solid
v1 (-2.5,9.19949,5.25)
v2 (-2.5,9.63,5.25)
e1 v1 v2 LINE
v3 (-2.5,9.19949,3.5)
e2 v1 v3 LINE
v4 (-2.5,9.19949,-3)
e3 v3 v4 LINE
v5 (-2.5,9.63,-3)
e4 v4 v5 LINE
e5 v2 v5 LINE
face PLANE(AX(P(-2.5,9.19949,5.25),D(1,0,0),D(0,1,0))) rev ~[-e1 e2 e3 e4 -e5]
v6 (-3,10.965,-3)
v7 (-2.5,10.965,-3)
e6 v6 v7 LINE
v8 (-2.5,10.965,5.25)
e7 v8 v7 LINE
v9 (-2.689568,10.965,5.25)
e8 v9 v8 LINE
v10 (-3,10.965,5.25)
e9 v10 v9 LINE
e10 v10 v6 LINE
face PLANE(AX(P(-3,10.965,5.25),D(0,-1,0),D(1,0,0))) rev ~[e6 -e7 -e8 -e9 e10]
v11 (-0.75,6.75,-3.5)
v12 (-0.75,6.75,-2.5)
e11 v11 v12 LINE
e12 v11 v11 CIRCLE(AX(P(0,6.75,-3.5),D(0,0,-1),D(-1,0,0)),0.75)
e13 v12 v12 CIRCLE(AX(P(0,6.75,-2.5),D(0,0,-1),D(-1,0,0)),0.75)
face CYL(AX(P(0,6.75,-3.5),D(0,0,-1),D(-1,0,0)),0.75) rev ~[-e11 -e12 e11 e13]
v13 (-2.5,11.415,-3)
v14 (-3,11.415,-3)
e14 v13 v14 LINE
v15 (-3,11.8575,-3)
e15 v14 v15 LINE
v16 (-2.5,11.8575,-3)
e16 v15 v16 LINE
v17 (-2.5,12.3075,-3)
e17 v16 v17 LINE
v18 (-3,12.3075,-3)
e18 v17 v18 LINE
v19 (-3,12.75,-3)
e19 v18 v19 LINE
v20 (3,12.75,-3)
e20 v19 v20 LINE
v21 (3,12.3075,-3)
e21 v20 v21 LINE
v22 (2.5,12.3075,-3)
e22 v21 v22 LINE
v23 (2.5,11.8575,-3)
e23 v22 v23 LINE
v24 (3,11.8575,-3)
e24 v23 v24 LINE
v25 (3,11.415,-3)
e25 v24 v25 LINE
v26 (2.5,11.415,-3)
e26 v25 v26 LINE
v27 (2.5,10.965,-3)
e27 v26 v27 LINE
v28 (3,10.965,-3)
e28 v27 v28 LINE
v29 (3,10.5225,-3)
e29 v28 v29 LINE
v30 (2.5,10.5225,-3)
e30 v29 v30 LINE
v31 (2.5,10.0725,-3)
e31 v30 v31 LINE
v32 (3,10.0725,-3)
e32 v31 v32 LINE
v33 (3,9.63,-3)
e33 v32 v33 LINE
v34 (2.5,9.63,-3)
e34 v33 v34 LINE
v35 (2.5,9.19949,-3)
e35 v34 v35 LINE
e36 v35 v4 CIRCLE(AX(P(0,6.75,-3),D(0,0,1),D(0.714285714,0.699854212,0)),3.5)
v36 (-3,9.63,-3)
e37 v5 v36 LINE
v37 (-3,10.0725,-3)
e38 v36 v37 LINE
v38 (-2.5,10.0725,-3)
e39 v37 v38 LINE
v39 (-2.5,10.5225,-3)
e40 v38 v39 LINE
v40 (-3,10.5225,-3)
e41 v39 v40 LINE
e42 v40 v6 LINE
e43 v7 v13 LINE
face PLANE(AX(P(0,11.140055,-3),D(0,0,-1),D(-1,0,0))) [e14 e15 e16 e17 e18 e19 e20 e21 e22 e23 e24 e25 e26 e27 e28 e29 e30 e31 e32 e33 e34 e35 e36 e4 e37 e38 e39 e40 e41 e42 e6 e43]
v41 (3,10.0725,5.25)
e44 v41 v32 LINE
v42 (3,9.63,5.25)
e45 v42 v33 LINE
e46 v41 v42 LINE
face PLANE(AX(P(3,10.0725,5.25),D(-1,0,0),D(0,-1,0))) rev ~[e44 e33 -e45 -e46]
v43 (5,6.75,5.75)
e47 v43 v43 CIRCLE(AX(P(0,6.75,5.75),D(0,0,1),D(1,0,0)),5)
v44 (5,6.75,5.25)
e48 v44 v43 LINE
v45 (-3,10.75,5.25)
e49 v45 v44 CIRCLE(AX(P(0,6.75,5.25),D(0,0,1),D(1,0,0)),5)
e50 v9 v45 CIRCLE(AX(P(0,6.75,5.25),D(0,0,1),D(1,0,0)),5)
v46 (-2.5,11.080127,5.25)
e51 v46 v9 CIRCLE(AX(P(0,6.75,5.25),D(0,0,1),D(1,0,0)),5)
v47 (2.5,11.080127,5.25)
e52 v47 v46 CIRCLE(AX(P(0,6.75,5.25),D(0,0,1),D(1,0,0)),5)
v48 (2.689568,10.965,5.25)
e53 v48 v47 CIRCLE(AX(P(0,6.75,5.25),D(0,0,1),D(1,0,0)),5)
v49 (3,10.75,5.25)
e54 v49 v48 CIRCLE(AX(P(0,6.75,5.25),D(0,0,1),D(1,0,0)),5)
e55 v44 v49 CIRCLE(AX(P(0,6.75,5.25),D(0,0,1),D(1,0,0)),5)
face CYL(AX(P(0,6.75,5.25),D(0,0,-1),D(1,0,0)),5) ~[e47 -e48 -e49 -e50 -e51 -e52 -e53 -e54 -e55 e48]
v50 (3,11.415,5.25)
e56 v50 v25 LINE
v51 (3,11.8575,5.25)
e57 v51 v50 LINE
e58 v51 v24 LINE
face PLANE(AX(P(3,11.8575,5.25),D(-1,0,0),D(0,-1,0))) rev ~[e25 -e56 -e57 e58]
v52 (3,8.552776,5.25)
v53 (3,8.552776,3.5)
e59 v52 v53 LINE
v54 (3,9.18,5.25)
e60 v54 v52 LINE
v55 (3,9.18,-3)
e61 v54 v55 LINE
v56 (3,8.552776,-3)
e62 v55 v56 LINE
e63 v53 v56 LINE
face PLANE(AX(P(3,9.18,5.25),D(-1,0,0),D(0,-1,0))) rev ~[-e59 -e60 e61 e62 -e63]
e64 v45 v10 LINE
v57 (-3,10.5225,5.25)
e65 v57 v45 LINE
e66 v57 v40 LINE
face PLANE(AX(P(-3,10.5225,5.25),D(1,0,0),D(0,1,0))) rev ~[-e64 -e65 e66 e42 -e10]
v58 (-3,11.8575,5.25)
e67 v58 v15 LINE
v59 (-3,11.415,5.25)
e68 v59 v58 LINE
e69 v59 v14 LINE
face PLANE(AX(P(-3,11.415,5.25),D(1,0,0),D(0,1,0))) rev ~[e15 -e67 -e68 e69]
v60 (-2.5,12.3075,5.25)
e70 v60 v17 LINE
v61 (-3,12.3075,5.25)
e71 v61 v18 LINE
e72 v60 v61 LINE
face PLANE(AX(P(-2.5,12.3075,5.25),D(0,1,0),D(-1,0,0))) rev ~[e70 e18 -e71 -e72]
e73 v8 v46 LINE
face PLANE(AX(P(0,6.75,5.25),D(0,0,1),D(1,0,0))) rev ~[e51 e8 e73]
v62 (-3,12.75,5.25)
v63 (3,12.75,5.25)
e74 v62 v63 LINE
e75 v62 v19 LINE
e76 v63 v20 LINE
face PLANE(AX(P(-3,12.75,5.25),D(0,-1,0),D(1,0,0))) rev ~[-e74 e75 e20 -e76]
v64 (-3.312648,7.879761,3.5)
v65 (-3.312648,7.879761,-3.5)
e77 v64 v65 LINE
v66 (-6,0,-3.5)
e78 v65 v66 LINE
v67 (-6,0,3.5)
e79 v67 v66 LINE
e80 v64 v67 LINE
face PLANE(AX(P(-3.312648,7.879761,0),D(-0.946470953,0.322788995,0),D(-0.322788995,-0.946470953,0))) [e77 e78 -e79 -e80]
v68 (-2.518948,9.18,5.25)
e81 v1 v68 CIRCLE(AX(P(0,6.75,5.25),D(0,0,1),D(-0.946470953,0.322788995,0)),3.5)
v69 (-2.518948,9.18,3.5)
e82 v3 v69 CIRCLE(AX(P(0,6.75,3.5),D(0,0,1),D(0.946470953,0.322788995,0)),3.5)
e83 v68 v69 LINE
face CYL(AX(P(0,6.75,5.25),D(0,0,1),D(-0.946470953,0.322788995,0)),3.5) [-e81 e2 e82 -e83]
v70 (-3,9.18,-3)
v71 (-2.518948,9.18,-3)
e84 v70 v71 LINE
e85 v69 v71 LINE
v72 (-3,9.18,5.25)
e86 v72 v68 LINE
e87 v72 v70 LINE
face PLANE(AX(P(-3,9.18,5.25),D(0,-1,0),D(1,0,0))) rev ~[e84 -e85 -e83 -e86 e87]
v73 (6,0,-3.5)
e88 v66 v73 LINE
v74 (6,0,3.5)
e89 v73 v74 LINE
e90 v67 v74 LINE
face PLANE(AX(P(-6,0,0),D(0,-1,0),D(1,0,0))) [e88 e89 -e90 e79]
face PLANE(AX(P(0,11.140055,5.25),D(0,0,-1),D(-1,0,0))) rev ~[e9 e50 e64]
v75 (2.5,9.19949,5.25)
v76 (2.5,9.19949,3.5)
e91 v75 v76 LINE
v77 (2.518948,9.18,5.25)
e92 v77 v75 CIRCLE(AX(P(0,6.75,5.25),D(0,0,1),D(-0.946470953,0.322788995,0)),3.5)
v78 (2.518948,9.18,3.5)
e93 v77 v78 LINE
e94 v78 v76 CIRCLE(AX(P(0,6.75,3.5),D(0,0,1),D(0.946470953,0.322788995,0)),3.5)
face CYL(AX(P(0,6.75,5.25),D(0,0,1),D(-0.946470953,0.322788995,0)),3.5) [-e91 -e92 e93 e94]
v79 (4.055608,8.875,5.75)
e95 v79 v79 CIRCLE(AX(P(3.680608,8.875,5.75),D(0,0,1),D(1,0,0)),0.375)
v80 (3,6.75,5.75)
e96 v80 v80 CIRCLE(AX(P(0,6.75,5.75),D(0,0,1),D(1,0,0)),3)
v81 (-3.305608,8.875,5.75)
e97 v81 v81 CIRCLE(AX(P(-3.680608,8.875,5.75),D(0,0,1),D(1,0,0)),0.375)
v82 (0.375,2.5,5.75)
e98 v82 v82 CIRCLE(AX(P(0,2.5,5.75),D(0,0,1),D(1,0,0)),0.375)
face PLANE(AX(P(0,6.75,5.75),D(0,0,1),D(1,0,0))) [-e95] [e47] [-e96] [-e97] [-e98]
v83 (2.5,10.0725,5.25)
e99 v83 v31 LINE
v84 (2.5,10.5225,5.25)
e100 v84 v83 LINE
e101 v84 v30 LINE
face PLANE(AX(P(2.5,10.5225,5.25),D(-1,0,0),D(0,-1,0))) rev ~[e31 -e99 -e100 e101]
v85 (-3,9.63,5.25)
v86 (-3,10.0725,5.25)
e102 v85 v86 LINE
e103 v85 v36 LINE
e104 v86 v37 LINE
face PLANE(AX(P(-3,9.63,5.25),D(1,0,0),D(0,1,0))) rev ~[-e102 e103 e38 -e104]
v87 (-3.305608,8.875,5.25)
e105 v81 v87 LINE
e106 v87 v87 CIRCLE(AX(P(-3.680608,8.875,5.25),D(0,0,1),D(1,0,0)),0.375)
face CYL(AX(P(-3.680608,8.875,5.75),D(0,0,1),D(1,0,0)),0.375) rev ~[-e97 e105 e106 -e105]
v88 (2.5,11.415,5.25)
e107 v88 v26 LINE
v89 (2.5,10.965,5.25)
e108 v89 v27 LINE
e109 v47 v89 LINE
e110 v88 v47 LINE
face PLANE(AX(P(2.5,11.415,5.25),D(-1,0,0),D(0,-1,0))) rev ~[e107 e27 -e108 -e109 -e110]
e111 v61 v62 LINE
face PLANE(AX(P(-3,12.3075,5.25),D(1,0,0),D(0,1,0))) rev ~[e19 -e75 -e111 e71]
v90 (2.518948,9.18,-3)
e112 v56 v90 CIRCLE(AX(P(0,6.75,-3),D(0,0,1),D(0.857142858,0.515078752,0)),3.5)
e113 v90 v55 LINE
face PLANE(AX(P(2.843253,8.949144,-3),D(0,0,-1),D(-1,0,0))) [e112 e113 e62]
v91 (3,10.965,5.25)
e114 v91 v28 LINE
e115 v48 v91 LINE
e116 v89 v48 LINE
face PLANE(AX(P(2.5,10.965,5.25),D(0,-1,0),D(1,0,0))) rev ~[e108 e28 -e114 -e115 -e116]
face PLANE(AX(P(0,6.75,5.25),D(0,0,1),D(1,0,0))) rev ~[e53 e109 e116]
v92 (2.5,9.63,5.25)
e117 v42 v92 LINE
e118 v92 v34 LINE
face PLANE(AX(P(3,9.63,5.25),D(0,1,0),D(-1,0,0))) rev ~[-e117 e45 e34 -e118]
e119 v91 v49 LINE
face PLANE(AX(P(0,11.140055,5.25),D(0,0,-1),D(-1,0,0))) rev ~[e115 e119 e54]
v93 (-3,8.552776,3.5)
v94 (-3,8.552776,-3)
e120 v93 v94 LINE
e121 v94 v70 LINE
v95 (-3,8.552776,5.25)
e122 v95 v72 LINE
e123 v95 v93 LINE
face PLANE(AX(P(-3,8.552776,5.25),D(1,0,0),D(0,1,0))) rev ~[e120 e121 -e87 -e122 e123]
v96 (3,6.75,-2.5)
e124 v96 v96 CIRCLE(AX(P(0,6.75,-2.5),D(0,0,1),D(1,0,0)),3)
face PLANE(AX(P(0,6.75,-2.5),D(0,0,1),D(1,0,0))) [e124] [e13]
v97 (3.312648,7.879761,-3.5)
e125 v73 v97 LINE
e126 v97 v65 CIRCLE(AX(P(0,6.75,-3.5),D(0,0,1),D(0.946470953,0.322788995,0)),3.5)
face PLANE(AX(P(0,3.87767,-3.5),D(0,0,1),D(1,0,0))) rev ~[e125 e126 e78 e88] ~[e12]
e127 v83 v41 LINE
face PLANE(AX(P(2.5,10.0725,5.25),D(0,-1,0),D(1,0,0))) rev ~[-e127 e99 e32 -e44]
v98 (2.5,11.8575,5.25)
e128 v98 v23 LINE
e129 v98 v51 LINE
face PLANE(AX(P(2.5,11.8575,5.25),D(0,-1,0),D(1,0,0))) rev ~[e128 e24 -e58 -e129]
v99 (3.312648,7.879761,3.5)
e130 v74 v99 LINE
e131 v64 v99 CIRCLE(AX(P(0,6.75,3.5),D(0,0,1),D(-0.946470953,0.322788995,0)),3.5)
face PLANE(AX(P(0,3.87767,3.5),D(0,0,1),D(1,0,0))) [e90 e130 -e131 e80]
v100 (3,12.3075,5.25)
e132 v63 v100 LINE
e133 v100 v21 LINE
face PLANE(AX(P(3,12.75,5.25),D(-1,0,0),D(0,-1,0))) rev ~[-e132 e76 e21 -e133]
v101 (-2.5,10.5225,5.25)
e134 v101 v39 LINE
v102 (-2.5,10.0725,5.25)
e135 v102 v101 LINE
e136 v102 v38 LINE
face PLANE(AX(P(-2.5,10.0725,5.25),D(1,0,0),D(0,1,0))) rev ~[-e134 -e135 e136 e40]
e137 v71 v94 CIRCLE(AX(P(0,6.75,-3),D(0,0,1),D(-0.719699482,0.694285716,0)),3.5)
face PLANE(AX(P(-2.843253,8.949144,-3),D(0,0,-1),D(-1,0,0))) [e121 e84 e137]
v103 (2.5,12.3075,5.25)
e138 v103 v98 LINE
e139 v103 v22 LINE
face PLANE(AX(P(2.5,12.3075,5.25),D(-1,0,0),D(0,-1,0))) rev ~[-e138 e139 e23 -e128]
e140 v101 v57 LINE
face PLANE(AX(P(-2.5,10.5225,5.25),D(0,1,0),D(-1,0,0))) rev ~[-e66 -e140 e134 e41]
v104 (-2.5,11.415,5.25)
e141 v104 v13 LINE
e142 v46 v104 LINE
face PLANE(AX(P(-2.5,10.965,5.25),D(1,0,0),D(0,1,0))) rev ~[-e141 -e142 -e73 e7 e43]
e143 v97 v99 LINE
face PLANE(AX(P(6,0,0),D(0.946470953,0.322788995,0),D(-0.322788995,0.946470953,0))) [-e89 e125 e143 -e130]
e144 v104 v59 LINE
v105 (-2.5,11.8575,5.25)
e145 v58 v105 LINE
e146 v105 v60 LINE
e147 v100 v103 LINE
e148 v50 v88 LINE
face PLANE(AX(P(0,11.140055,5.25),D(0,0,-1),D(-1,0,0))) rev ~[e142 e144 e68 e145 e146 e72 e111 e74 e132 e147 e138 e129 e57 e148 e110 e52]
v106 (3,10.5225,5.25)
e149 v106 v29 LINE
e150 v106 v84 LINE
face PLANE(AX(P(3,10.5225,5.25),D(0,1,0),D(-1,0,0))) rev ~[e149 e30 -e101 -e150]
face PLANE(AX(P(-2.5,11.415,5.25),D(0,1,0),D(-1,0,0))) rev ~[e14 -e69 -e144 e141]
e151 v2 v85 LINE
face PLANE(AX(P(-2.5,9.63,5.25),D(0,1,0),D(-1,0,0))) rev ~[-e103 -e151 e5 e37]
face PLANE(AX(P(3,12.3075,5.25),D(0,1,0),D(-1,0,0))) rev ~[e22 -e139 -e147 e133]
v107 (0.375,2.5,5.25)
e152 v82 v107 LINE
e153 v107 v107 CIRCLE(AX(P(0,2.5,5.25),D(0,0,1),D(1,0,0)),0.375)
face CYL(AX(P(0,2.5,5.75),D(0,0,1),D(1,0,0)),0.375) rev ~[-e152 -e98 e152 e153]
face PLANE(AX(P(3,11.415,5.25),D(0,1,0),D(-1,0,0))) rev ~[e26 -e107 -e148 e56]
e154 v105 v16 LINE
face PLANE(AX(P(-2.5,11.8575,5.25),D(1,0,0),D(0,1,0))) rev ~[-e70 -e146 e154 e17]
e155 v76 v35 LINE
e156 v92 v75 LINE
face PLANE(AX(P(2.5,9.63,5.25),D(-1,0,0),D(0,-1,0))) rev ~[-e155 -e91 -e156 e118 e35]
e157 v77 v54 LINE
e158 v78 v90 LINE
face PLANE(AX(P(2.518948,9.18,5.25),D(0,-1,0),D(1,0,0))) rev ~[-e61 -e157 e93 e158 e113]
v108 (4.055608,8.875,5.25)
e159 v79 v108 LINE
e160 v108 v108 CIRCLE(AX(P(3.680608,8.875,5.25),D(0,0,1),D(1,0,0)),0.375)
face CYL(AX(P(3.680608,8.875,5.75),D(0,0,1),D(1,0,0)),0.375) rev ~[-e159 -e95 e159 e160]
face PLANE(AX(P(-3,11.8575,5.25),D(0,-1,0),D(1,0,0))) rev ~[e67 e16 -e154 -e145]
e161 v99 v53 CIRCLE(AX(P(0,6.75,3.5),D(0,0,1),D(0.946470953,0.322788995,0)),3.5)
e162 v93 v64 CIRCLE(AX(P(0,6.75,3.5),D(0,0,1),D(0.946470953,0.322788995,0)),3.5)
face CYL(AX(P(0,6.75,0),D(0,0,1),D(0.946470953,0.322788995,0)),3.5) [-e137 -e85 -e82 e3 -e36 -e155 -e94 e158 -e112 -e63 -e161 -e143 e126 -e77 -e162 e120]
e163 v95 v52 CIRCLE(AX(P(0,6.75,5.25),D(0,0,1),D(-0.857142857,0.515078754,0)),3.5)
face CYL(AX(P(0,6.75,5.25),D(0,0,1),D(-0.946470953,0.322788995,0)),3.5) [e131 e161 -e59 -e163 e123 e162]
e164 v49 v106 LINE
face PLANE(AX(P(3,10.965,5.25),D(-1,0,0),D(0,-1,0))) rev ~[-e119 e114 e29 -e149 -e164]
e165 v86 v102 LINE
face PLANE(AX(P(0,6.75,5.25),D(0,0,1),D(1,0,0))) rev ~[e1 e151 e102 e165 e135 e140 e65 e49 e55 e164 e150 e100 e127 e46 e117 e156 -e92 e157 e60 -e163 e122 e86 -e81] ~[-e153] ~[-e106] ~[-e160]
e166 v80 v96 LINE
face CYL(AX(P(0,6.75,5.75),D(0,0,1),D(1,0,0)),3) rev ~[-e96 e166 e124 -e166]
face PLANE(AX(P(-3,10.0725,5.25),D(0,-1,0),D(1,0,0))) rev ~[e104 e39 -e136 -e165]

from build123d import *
from build123d.topology import SkipClean

# Parameters (mm, degrees)
BOSS_EXTRUDE1_DEPTH = 3.5
BOSS_EXTRUDE2_START = 1.75
SKETCH3_R           = 3.5
BOSS_EXTRUDE2_DEPTH = 1.75
BOSS_EXTRUDE3_START = 1.75
SKETCH3_3_R         = 5
BOSS_EXTRUDE3_DEPTH = 0.5
SKETCH4_R           = 3
CUT_EXTRUDE2_DEPTH  = 8.25
SKETCH5_R           = 0.75
CUT_EXTRUDE3_DEPTH  = 8.25
BOSS_EXTRUDE4_DEPTH = 8.25
CUT_EXTRUDE4_REACH  = 18.856
SKETCH7_R           = 0.375


with BuildPart() as part:
    # Sketch1 → Boss-Extrude1 (new, symmetric)
    with BuildSketch(Plane.XY):
        with BuildLine():
            Line((-6, 0), (6, 0))
            Line((6, 0), (3.312648335, 7.879761483))
            ThreePointArc((3.312648335, 7.879761483), (0, 10.25), (-3.312648335, 7.879761483))
            Line((-3.312648335, 7.879761483), (-6, 0))
        make_face()
    extrude(amount=BOSS_EXTRUDE1_DEPTH, both=True)

    # Sketch3 → Boss-Extrude2 (add)
    with SkipClean():  # the faces are left unmerged after this step: merging them gives an invalid solid
        with BuildSketch(Plane.XY.offset(3.5).offset(BOSS_EXTRUDE2_START)):
            with Locations(Location((0, 6.75, 0), (0, 0, 161.168324383))):
                Circle(SKETCH3_R)
        extrude(amount=-BOSS_EXTRUDE2_DEPTH)

    # Sketch3<3> → Boss-Extrude3 (add)
    with BuildSketch(Plane.XY.offset(3.5).offset(BOSS_EXTRUDE3_START)):
        with Locations((0, 6.75)):
            Circle(SKETCH3_3_R)
    extrude(amount=BOSS_EXTRUDE3_DEPTH)

    # Sketch4 → Cut-Extrude2 (cut)
    with SkipClean():  # the faces are left unmerged after this step: merging them gives an invalid solid
        with BuildSketch(Plane.XY.offset(5.75)):
            with Locations((0, 6.75)):
                Circle(SKETCH4_R)
        extrude(amount=-CUT_EXTRUDE2_DEPTH, mode=Mode.SUBTRACT)

    # Sketch5 → Cut-Extrude3 (cut)
    with SkipClean():  # the faces are left unmerged after this step: merging them gives an invalid solid
        with BuildSketch(Plane(origin=(0, 0, -3.5), x_dir=(-1, 0, 0), z_dir=(0, 0, -1))):
            with Locations((0, 6.75)):
                Circle(SKETCH5_R)
        extrude(amount=-CUT_EXTRUDE3_DEPTH, mode=Mode.SUBTRACT)

    # Sketch6 → Boss-Extrude4 (add)
    with SkipClean():  # the faces are left unmerged after this step: merging them gives an invalid solid
        with BuildSketch(Plane(origin=(0, 0, 5.25), x_dir=(-1, 0, 0), z_dir=(0, 0, -1))):
            with BuildLine():
                Line((3, 12.75), (-3, 12.75))
                Line((-3, 12.75), (-3, 12.3075))
                Line((-3, 12.3075), (-2.5, 12.3075))
                Line((-2.5, 12.3075), (-2.5, 11.8575))
                Line((-2.5, 11.8575), (-3, 11.8575))
                Line((-3, 11.8575), (-3, 11.415))
                Line((-3, 11.415), (-2.5, 11.415))
                Line((-2.5, 11.415), (-2.5, 10.965))
                Line((-2.5, 10.965), (-3, 10.965))
                Line((-3, 10.965), (-3, 10.5225))
                Line((-3, 10.5225), (-2.5, 10.5225))
                Line((-2.5, 10.5225), (-2.5, 10.0725))
                Line((-2.5, 10.0725), (-3, 10.0725))
                Line((-3, 10.0725), (-3, 9.63))
                Line((-3, 9.63), (-2.5, 9.63))
                Line((-2.5, 9.63), (-2.5, 9.199489743))
                ThreePointArc((-2.5, 9.199489743), (0, 10.25), (2.5, 9.199489743))
                Line((2.5, 9.199489743), (2.5, 9.63))
                Line((2.5, 9.63), (3, 9.63))
                Line((3, 9.63), (3, 10.0725))
                Line((3, 10.0725), (2.5, 10.0725))
                Line((2.5, 10.0725), (2.5, 10.5225))
                Line((2.5, 10.5225), (3, 10.5225))
                Line((3, 10.5225), (3, 10.965))
                Line((3, 10.965), (2.5, 10.965))
                Line((2.5, 10.965), (2.5, 11.415))
                Line((2.5, 11.415), (3, 11.415))
                Line((3, 11.415), (3, 11.8575))
                Line((3, 11.8575), (2.5, 11.8575))
                Line((2.5, 11.8575), (2.5, 12.3075))
                Line((2.5, 12.3075), (3, 12.3075))
                Line((3, 12.3075), (3, 12.75))
            make_face()
            with BuildLine():
                Line((3, 9.18), (2.518948193, 9.18))
                ThreePointArc((2.518948193, 9.18), (2.777237817, 8.880011763), (3, 8.552775638))
                Line((3, 8.552775638), (3, 9.18))
            make_face()
            with BuildLine():
                ThreePointArc((-3, 8.552775638), (-2.777237817, 8.880011763), (-2.518948193, 9.18))
                Line((-2.518948193, 9.18), (-3, 9.18))
                Line((-3, 9.18), (-3, 8.552775638))
            make_face()
        extrude(amount=BOSS_EXTRUDE4_DEPTH)

    # Sketch7 → Cut-Extrude4 (cut, up to next)
    with BuildSketch(Plane.XY.offset(5.75), mode=Mode.PRIVATE) as cut_extrude4_sk1:
        with Locations((0, 2.5)):
            Circle(SKETCH7_R)
    cut_extrude4_tool1 = extrude(cut_extrude4_sk1.sketch, amount=-CUT_EXTRUDE4_REACH, mode=Mode.PRIVATE) & part.part
    # Sketch7 → Cut-Extrude4 (cut, up to next)
    with BuildSketch(Plane.XY.offset(5.75), mode=Mode.PRIVATE) as cut_extrude4_sk2:
        with Locations((3.680607966, 8.875)):
            Circle(SKETCH7_R)
    cut_extrude4_tool2 = extrude(cut_extrude4_sk2.sketch, amount=-CUT_EXTRUDE4_REACH, mode=Mode.PRIVATE) & part.part
    # Sketch7 → Cut-Extrude4 (cut, up to next)
    with BuildSketch(Plane.XY.offset(5.75), mode=Mode.PRIVATE) as cut_extrude4_sk3:
        with Locations((-3.680607966, 8.875)):
            Circle(SKETCH7_R)
    cut_extrude4_tool3 = extrude(cut_extrude4_sk3.sketch, amount=-CUT_EXTRUDE4_REACH, mode=Mode.PRIVATE) & part.part
    add(cut_extrude4_tool1.solids().sort_by_distance((0, 2.5, 5.75))[0], mode=Mode.SUBTRACT)
    add(cut_extrude4_tool2.solids().sort_by_distance((3.680608, 8.875, 5.75))[0], mode=Mode.SUBTRACT)
    add(cut_extrude4_tool3.solids().sort_by_distance((-3.680608, 8.875, 5.75))[0], mode=Mode.SUBTRACT)


solid = part.part
